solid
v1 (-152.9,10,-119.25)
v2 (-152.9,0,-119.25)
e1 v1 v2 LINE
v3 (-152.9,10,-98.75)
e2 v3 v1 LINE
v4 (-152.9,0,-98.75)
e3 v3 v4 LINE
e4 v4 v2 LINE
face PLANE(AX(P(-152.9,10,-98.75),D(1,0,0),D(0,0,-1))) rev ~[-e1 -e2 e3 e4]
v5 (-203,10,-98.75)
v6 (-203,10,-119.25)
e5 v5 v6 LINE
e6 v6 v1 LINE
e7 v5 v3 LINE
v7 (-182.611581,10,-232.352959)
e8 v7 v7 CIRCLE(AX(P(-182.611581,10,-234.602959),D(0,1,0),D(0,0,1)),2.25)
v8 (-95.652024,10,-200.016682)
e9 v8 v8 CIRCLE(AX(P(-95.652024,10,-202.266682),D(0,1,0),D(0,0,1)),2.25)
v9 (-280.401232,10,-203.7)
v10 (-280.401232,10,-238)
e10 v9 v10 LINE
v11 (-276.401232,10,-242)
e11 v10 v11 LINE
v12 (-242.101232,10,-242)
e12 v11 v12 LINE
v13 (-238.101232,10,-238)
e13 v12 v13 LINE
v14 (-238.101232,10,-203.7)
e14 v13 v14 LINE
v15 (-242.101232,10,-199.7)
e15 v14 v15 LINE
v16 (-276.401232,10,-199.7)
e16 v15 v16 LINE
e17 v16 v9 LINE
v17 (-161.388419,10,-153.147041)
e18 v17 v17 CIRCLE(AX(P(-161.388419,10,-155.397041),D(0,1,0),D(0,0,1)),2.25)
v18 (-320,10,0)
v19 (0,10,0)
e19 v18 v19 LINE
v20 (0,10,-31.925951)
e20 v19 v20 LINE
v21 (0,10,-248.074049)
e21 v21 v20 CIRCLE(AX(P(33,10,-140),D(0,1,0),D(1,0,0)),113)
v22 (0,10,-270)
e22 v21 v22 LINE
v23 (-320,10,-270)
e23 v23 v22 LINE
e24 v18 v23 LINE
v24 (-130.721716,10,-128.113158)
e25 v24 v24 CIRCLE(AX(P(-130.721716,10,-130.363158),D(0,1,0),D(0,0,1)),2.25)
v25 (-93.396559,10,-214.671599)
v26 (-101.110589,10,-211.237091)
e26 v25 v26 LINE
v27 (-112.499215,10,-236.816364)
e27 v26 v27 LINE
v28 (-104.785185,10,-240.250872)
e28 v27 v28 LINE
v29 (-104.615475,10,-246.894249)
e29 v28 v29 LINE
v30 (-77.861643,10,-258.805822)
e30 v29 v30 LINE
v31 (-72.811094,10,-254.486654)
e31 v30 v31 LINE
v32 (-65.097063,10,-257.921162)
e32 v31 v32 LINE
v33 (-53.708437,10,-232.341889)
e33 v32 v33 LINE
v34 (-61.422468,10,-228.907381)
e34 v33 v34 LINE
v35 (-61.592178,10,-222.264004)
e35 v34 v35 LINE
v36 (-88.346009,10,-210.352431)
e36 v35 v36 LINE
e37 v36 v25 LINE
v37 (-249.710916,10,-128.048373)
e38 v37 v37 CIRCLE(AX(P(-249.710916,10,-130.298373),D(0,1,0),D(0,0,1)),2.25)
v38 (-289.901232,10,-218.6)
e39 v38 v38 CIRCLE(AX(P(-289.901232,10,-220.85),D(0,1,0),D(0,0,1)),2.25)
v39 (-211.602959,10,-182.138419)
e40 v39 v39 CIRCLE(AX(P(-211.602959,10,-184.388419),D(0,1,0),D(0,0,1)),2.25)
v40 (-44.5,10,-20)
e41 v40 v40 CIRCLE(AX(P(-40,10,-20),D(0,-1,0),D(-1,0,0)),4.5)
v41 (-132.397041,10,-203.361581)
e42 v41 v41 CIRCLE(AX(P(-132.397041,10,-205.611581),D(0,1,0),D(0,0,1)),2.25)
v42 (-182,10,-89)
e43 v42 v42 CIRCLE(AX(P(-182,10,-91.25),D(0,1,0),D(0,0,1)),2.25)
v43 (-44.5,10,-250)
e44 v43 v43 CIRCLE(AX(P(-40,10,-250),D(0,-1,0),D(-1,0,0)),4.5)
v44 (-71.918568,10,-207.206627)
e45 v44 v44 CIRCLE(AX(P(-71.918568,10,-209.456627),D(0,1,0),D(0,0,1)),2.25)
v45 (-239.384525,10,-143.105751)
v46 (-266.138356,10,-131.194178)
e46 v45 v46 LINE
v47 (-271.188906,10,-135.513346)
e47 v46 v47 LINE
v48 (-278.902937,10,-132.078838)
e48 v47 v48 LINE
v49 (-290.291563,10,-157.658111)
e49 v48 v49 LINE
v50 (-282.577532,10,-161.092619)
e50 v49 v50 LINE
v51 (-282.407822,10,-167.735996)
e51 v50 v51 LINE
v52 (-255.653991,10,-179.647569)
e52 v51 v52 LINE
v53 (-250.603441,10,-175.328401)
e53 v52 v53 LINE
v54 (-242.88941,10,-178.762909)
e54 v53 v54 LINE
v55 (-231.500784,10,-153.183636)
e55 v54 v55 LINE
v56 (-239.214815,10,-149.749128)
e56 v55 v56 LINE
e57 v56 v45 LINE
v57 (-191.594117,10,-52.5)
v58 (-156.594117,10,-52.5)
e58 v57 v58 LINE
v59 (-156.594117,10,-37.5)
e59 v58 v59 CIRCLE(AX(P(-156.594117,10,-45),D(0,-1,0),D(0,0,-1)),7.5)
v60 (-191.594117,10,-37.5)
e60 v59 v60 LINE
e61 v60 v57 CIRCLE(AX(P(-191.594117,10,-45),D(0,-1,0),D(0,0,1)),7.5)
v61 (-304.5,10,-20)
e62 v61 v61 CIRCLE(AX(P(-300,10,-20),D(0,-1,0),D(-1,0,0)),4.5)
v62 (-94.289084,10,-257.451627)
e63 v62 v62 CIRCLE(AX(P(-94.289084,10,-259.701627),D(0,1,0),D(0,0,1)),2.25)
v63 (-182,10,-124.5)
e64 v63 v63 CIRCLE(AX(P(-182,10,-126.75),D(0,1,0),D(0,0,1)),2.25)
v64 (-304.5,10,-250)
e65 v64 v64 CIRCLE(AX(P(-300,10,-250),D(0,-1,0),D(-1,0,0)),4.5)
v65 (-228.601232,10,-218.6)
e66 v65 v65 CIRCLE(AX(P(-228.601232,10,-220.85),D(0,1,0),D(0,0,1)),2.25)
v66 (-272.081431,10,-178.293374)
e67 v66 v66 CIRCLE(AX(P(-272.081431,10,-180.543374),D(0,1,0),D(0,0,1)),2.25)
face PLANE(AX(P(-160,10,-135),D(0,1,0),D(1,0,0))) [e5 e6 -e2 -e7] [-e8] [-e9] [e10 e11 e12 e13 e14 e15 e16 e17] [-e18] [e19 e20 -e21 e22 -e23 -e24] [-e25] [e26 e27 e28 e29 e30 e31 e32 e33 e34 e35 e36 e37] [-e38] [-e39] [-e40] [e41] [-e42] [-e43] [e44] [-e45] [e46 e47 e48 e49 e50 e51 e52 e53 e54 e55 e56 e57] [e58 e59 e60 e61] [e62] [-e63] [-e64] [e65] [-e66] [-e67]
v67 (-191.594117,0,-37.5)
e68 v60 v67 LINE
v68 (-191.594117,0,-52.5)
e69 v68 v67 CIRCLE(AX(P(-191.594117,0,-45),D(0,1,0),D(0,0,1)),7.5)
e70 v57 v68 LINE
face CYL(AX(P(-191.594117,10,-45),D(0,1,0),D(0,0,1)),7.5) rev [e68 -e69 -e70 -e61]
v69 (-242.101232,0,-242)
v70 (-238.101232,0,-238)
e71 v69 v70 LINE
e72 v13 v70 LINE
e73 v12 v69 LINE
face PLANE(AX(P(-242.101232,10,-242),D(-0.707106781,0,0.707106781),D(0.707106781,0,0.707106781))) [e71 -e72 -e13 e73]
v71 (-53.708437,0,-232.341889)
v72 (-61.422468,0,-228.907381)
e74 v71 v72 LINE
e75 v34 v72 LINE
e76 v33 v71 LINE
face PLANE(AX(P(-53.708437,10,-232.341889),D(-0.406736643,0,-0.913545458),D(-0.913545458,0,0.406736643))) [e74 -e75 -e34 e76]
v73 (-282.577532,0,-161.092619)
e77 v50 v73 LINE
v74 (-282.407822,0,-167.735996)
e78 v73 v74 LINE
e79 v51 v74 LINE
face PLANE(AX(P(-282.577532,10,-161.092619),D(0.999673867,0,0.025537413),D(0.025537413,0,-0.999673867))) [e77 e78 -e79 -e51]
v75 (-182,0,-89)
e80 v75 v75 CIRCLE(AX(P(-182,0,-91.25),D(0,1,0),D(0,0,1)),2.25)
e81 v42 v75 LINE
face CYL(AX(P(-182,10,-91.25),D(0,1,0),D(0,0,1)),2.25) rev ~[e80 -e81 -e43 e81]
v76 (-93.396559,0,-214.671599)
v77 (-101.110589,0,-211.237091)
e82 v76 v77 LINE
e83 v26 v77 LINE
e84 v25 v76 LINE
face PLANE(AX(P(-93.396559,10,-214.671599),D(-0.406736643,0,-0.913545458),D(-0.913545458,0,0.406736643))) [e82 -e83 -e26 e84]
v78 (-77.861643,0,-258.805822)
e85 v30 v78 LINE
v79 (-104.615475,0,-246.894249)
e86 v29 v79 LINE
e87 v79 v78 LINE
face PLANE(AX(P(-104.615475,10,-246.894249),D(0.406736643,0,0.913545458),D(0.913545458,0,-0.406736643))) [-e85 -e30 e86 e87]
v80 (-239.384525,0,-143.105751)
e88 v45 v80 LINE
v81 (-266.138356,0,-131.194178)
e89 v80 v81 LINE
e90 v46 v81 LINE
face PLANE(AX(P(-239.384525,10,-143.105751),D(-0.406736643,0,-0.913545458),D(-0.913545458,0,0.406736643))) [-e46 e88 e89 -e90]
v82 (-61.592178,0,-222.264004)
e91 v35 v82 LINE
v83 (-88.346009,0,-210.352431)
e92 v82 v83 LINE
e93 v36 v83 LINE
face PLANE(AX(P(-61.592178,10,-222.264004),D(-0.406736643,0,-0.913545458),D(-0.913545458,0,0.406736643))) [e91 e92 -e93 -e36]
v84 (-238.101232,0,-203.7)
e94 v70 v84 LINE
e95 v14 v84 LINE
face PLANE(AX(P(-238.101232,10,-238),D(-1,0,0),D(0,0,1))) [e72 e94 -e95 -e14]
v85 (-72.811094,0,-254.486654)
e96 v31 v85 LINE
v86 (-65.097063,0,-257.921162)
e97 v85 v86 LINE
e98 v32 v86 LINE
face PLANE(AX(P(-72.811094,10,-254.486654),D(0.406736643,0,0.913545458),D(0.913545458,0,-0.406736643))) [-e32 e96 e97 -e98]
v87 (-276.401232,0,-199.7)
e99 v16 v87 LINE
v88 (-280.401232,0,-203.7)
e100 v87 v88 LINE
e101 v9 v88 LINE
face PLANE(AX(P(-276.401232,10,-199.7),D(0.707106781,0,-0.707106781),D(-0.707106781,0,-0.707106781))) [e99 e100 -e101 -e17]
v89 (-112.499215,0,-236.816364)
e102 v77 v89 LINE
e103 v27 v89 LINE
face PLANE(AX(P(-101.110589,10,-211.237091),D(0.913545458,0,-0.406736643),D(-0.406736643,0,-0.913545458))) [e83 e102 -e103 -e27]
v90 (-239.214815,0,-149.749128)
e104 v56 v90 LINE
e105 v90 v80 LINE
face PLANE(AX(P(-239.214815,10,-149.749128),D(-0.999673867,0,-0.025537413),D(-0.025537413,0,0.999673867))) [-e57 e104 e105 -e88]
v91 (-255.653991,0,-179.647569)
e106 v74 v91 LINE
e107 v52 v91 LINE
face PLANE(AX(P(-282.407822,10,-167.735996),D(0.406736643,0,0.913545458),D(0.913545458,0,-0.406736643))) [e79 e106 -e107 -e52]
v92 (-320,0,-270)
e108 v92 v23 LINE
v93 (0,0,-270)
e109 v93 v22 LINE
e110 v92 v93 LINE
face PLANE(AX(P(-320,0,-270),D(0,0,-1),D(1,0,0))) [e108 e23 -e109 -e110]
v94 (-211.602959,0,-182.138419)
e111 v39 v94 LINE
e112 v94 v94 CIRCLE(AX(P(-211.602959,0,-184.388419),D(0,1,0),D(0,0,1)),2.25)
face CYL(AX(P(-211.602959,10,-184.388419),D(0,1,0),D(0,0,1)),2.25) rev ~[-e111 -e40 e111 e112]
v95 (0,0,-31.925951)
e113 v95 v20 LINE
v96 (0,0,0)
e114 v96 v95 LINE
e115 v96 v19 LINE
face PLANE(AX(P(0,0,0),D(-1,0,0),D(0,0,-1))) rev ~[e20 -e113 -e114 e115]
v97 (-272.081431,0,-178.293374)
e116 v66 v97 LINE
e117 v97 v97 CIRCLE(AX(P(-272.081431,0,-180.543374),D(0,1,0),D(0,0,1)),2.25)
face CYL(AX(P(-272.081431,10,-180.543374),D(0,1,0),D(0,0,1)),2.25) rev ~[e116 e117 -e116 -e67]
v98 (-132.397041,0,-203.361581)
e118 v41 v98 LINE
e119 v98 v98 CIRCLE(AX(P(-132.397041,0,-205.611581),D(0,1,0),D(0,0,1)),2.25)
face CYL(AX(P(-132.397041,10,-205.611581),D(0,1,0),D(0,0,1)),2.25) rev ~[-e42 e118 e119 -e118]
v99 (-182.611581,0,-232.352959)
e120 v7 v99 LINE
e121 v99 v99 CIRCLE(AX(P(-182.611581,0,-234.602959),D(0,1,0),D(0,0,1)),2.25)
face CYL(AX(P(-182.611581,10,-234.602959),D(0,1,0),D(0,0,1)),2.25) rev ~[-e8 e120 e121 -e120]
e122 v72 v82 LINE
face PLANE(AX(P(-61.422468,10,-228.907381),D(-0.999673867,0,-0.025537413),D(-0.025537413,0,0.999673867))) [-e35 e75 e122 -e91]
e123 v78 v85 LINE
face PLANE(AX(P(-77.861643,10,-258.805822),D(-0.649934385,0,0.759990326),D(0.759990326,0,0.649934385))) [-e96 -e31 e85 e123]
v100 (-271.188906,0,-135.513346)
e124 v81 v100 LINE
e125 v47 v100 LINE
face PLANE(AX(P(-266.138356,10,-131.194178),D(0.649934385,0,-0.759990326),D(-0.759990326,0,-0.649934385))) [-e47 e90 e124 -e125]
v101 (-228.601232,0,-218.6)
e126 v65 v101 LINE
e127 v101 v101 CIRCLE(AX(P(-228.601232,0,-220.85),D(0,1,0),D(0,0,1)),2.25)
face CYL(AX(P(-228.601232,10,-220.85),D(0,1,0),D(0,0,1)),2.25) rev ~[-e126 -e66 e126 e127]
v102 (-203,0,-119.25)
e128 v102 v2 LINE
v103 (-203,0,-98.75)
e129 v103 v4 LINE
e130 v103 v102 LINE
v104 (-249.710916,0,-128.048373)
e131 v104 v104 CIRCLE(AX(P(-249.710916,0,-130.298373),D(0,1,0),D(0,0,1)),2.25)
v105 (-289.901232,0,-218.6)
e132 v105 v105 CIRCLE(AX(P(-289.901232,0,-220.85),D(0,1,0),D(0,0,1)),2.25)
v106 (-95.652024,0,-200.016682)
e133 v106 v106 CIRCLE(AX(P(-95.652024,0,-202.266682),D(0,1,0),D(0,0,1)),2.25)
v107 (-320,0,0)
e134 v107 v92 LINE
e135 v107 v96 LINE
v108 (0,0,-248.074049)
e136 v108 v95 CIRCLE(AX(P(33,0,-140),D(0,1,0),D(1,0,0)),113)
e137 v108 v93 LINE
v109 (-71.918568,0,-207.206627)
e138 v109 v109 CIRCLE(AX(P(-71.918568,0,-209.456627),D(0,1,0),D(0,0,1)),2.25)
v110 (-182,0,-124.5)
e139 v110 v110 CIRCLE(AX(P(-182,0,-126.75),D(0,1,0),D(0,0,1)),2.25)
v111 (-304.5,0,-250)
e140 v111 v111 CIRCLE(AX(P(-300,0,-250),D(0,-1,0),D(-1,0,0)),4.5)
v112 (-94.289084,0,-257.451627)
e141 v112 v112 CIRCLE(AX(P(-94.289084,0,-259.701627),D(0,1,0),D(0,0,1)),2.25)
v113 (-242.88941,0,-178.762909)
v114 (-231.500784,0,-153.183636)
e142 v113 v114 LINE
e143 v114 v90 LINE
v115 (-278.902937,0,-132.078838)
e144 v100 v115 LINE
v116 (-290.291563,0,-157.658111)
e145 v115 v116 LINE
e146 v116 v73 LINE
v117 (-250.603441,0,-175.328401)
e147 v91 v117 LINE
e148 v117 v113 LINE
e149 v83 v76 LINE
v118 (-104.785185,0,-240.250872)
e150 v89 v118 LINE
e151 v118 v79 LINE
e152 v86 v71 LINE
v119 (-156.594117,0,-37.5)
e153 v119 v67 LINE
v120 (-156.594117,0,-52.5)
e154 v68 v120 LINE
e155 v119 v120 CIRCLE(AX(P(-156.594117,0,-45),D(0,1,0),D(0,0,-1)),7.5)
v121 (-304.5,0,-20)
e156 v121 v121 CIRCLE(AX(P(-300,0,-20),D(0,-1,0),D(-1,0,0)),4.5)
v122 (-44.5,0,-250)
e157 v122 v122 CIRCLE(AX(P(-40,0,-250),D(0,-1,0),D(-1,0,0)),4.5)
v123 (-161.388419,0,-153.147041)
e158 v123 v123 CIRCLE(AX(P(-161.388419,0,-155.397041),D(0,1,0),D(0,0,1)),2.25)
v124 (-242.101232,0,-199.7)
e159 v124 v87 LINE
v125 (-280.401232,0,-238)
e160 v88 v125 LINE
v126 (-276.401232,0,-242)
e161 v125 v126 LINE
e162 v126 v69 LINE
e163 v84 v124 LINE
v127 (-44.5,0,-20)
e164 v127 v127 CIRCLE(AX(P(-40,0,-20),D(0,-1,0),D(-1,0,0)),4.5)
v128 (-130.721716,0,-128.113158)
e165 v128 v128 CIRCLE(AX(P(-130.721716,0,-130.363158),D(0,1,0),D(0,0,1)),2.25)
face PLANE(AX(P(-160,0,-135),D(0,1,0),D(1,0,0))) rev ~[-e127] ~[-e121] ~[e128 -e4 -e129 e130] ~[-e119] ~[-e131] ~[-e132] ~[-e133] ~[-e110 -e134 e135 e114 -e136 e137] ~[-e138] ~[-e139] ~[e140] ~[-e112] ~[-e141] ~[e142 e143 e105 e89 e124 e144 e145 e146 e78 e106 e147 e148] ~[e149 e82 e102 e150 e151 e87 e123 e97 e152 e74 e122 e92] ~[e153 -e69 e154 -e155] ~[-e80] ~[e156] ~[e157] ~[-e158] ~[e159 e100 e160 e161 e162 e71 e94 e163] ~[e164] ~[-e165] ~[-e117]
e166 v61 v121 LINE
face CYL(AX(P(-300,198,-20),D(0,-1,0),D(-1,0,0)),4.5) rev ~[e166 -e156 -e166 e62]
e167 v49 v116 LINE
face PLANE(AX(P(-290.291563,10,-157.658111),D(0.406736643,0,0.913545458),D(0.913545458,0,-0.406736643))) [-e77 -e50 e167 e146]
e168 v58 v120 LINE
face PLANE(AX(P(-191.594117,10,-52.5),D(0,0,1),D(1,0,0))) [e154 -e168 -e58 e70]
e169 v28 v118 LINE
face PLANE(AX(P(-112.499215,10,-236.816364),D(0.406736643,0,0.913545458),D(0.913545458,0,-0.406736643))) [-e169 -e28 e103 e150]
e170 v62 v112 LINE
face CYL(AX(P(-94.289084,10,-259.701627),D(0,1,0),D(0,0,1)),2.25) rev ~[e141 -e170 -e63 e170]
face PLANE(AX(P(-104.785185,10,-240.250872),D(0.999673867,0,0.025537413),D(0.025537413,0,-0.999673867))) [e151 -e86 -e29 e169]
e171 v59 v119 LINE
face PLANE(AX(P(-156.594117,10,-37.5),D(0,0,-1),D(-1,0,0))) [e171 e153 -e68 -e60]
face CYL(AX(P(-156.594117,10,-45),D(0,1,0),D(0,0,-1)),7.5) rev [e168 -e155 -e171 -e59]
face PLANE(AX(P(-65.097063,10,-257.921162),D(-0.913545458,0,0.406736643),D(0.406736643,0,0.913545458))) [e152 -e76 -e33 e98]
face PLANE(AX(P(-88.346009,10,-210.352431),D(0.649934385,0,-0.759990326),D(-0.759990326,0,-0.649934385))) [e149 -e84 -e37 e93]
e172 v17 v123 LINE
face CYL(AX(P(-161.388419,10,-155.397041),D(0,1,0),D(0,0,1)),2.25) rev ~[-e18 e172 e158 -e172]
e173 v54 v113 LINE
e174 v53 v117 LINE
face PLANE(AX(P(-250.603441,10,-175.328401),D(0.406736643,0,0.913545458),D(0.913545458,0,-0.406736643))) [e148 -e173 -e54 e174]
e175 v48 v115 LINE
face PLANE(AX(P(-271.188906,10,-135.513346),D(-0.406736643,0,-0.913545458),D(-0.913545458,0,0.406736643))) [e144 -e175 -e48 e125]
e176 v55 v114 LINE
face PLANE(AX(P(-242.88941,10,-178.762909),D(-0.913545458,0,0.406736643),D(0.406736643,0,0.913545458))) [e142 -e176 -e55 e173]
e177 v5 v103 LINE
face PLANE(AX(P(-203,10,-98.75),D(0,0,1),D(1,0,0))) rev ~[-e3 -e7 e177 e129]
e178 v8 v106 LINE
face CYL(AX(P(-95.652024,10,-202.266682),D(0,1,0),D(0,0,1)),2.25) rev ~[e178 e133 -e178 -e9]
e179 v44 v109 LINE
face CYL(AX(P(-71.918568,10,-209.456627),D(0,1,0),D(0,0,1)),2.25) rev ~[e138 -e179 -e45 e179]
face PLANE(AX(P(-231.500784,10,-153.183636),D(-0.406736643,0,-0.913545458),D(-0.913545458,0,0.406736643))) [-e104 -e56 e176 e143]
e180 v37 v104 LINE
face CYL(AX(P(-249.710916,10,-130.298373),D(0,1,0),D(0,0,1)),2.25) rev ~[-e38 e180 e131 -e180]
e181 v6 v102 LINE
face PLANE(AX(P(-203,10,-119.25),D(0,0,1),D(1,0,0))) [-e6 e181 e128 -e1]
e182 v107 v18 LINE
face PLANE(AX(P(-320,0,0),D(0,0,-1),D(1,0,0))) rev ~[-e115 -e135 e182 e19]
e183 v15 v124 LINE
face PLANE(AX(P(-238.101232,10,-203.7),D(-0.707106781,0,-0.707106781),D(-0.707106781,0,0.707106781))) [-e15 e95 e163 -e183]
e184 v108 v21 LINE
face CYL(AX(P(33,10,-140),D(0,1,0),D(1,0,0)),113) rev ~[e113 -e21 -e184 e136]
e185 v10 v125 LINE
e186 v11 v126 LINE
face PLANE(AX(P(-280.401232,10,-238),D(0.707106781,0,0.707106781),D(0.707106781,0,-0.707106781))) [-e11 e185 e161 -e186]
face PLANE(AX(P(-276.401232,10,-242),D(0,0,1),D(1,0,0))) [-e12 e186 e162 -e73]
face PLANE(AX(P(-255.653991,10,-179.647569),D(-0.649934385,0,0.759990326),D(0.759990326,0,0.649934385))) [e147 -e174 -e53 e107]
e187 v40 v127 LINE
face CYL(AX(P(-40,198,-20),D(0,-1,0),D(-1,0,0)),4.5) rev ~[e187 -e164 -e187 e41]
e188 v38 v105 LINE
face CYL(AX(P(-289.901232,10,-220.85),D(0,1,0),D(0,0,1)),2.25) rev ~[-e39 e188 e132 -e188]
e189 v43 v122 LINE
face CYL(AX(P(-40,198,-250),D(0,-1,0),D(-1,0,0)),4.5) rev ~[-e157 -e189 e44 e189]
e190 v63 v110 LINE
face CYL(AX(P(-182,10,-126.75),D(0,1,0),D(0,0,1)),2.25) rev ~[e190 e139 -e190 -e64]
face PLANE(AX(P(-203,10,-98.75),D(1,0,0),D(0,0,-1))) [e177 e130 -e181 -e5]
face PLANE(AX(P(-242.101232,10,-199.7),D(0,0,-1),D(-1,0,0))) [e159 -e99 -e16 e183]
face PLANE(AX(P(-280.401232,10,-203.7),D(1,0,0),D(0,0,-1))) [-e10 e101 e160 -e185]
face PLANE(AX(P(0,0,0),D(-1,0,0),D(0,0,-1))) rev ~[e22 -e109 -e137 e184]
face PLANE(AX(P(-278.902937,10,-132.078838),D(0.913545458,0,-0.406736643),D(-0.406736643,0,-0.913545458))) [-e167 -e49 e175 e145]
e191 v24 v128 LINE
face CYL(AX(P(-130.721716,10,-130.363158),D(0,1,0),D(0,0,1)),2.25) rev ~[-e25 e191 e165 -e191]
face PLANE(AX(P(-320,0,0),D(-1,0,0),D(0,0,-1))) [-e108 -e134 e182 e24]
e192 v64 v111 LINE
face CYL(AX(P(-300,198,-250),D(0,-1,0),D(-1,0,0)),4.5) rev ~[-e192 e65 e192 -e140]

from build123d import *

# Parameters (mm, degrees)
SCHIZZO1_W                   = 320
SCHIZZO1_H                   = 270
ESTRUSIONE_ESTRUSIONE1_DEPTH = 10
SCHIZZO3_R                   = 2.25
TAGLIO_ESTRUSIONE2_DEPTH     = 10
SCHIZZO4_R                   = 2.25
TAGLIO_ESTRUSIONE3_DEPTH     = 33
FORO_PER_VITE_M8_1_D         = 9
FORO_PER_VITE_M8_1_DEPTH     = 188
FORO_PER_VITE_M8_1_TIP       = 2.703872786
SCHIZZO7_R                   = 113
TAGLIO_ESTRUSIONE4_DEPTH     = 10
TAGLIO_ESTRUSIONE5_DEPTH     = 22
SCHIZZO9_R                   = 2.25
TAGLIO_ESTRUSIONE6_DEPTH     = 42.3
SCHIZZO10_W                  = 50.1
SCHIZZO10_H                  = 20.5
TAGLIO_ESTRUSIONE7_DEPTH     = 42.3
SCHIZZO11_R                  = 2.25
TAGLIO_ESTRUSIONE8_DEPTH     = 18
SCHIZZO12_R                  = 2.25
TAGLIO_ESTRUSIONE9_DEPTH     = 179
TAGLIO_ESTRUSIONE10_DEPTH    = 179


with BuildPart() as part:
    # Schizzo1 → Estrusione-Estrusione1 (new body)
    with BuildSketch(Plane(origin=(0, 0, 0), x_dir=(1, 0, 0), z_dir=(0, 1, 0))):
        with Locations((-160, 135)):
            Rectangle(SCHIZZO1_W, SCHIZZO1_H)
    extrude(amount=ESTRUSIONE_ESTRUSIONE1_DEPTH)

    # Schizzo3 → Taglio-Estrusione2 (cut)
    with BuildSketch(Plane(origin=(0, 10, 0), x_dir=(1, 0, 0), z_dir=(0, 1, 0))):
        with Locations(Location((-132.397041122, 205.611580849, 0), (0, 0, 270))):
            Circle(SCHIZZO3_R)
        with Locations(Location((-161.388419151, 155.397041122, 0), (0, 0, 270))):
            Circle(SCHIZZO3_R)
        with Locations(Location((-182.611580849, 234.602958878, 0), (0, 0, 270))):
            Circle(SCHIZZO3_R)
        with Locations(Location((-211.602958878, 184.388419151, 0), (0, 0, 270))):
            Circle(SCHIZZO3_R)
    extrude(amount=-TAGLIO_ESTRUSIONE2_DEPTH, mode=Mode.SUBTRACT)

    # Schizzo4 → Taglio-Estrusione3 (cut)
    with BuildSketch(Plane(origin=(0, 10, 0), x_dir=(1, 0, 0), z_dir=(0, 1, 0))):
        with Locations(Location((-272.0814314, 180.543373533, 0), (0, 0, 270))):
            Circle(SCHIZZO4_R)
        with Locations(Location((-249.710916031, 130.298373362, 0), (0, 0, 270))):
            Circle(SCHIZZO4_R)
        with Locations(Location((-94.289083758, 259.701626731, 0), (0, 0, 270))):
            Circle(SCHIZZO4_R)
        with Locations(Location((-71.918568389, 209.456626561, 0), (0, 0, 270))):
            Circle(SCHIZZO4_R)
        Polygon((-112.499215416, 236.816363994), (-104.785184586, 240.250871799), (-104.615474565, 246.89424924), (-77.861643306, 258.805822358), (-72.811093568, 254.486654307), (-65.097062738, 257.921162112), (-53.708436732, 232.341889298), (-61.422467562, 228.907381493), (-61.592177583, 222.264004053), (-88.346008842, 210.352430934), (-93.396558579, 214.671598985), (-101.110589409, 211.23709118), align=None)
        Polygon((-242.88941038, 178.762908913), (-231.500784374, 153.183636099), (-239.214815204, 149.749128294), (-239.384525224, 143.105750854), (-266.138356484, 131.194177735), (-271.188906221, 135.513345787), (-278.902937051, 132.078837982), (-290.291563058, 157.658110796), (-282.577532228, 161.092618601), (-282.407822207, 167.735996041), (-255.653990947, 179.64756916), (-250.60344121, 175.328401108), align=None)
    extrude(amount=-TAGLIO_ESTRUSIONE3_DEPTH, mode=Mode.SUBTRACT)

    # Foro per Vite M8-1
    with Locations(Plane(origin=(0, 10, 0), x_dir=(1, 0, 0), z_dir=(0, 1, 0))):
        with Locations((-300, 20), (-300, 250), (-40, 250), (-40, 20)):
            Hole(FORO_PER_VITE_M8_1_D / 2, depth=FORO_PER_VITE_M8_1_DEPTH)
            with Locations((0, 0, -(FORO_PER_VITE_M8_1_DEPTH + FORO_PER_VITE_M8_1_TIP / 2))):  # 118° drill point
                Cone(0, FORO_PER_VITE_M8_1_D / 2, FORO_PER_VITE_M8_1_TIP, mode=Mode.SUBTRACT)

    # Schizzo7 → Taglio-Estrusione4 (cut)
    with BuildSketch(Plane(origin=(0, 10, 0), x_dir=(1, 0, 0), z_dir=(0, 1, 0))):
        with Locations((33, 140)):
            Circle(SCHIZZO7_R)
    extrude(amount=-TAGLIO_ESTRUSIONE4_DEPTH, mode=Mode.SUBTRACT)

    # Schizzo8 → Taglio-Estrusione5 (cut)
    with BuildSketch(Plane(origin=(0, 10, 0), x_dir=(1, 0, 0), z_dir=(0, 1, 0))):
        Polygon((-280.401232083, 238), (-276.401232083, 242), (-242.101232083, 242), (-238.101232083, 238), (-238.101232083, 203.7), (-242.101232083, 199.7), (-276.401232083, 199.7), (-280.401232083, 203.7), align=None)
    extrude(amount=-TAGLIO_ESTRUSIONE5_DEPTH, mode=Mode.SUBTRACT)

    # Schizzo9 → Taglio-Estrusione6 (cut)
    with BuildSketch(Plane(origin=(0, 10, 0), x_dir=(1, 0, 0), z_dir=(0, 1, 0))):
        with Locations(Location((-228.601232, 220.85, 0), (0, 0, 270))):
            Circle(SCHIZZO9_R)
        with Locations(Location((-289.901232, 220.85, 0), (0, 0, 270))):
            Circle(SCHIZZO9_R)
    extrude(amount=-TAGLIO_ESTRUSIONE6_DEPTH, mode=Mode.SUBTRACT)

    # Schizzo10 → Taglio-Estrusione7 (cut)
    with BuildSketch(Plane(origin=(0, 10, 0), x_dir=(1, 0, 0), z_dir=(0, 1, 0))):
        with Locations((-177.95, 109)):
            Rectangle(SCHIZZO10_W, SCHIZZO10_H)
    extrude(amount=-TAGLIO_ESTRUSIONE7_DEPTH, mode=Mode.SUBTRACT)

    # Schizzo11 → Taglio-Estrusione8 (cut)
    with BuildSketch(Plane(origin=(0, 10, 0), x_dir=(1, 0, 0), z_dir=(0, 1, 0))):
        with Locations(Location((-182, 91.25, 0), (0, 0, 270))):
            Circle(SCHIZZO11_R)
        with Locations(Location((-182, 126.75, 0), (0, 0, 270))):
            Circle(SCHIZZO11_R)
    extrude(amount=-TAGLIO_ESTRUSIONE8_DEPTH, mode=Mode.SUBTRACT)

    # Schizzo12 → Taglio-Estrusione9 (cut)
    with BuildSketch(Plane(origin=(0, 10, 0), x_dir=(1, 0, 0), z_dir=(0, 1, 0))):
        with Locations(Location((-95.652024181, 202.266681741, 0), (0, 0, 270))):
            Circle(SCHIZZO12_R)
        with Locations(Location((-130.721715924, 130.363158037, 0), (0, 0, 270))):
            Circle(SCHIZZO12_R)
    extrude(amount=-TAGLIO_ESTRUSIONE9_DEPTH, mode=Mode.SUBTRACT)

    # Schizzo13 → Taglio-Estrusione10 (cut)
    with BuildSketch(Plane(origin=(0, 10, 0), x_dir=(1, 0, 0), z_dir=(0, 1, 0))):
        with BuildLine():
            Line((-191.594117082, 52.5), (-156.594117082, 52.5))
            ThreePointArc((-156.594117082, 52.5), (-149.094117082, 45), (-156.594117082, 37.5))
            Line((-156.594117082, 37.5), (-191.594117082, 37.5))
            ThreePointArc((-191.594117082, 37.5), (-199.094117082, 45), (-191.594117082, 52.5))
        make_face()
    extrude(amount=-TAGLIO_ESTRUSIONE10_DEPTH, mode=Mode.SUBTRACT)


solid = part.part
